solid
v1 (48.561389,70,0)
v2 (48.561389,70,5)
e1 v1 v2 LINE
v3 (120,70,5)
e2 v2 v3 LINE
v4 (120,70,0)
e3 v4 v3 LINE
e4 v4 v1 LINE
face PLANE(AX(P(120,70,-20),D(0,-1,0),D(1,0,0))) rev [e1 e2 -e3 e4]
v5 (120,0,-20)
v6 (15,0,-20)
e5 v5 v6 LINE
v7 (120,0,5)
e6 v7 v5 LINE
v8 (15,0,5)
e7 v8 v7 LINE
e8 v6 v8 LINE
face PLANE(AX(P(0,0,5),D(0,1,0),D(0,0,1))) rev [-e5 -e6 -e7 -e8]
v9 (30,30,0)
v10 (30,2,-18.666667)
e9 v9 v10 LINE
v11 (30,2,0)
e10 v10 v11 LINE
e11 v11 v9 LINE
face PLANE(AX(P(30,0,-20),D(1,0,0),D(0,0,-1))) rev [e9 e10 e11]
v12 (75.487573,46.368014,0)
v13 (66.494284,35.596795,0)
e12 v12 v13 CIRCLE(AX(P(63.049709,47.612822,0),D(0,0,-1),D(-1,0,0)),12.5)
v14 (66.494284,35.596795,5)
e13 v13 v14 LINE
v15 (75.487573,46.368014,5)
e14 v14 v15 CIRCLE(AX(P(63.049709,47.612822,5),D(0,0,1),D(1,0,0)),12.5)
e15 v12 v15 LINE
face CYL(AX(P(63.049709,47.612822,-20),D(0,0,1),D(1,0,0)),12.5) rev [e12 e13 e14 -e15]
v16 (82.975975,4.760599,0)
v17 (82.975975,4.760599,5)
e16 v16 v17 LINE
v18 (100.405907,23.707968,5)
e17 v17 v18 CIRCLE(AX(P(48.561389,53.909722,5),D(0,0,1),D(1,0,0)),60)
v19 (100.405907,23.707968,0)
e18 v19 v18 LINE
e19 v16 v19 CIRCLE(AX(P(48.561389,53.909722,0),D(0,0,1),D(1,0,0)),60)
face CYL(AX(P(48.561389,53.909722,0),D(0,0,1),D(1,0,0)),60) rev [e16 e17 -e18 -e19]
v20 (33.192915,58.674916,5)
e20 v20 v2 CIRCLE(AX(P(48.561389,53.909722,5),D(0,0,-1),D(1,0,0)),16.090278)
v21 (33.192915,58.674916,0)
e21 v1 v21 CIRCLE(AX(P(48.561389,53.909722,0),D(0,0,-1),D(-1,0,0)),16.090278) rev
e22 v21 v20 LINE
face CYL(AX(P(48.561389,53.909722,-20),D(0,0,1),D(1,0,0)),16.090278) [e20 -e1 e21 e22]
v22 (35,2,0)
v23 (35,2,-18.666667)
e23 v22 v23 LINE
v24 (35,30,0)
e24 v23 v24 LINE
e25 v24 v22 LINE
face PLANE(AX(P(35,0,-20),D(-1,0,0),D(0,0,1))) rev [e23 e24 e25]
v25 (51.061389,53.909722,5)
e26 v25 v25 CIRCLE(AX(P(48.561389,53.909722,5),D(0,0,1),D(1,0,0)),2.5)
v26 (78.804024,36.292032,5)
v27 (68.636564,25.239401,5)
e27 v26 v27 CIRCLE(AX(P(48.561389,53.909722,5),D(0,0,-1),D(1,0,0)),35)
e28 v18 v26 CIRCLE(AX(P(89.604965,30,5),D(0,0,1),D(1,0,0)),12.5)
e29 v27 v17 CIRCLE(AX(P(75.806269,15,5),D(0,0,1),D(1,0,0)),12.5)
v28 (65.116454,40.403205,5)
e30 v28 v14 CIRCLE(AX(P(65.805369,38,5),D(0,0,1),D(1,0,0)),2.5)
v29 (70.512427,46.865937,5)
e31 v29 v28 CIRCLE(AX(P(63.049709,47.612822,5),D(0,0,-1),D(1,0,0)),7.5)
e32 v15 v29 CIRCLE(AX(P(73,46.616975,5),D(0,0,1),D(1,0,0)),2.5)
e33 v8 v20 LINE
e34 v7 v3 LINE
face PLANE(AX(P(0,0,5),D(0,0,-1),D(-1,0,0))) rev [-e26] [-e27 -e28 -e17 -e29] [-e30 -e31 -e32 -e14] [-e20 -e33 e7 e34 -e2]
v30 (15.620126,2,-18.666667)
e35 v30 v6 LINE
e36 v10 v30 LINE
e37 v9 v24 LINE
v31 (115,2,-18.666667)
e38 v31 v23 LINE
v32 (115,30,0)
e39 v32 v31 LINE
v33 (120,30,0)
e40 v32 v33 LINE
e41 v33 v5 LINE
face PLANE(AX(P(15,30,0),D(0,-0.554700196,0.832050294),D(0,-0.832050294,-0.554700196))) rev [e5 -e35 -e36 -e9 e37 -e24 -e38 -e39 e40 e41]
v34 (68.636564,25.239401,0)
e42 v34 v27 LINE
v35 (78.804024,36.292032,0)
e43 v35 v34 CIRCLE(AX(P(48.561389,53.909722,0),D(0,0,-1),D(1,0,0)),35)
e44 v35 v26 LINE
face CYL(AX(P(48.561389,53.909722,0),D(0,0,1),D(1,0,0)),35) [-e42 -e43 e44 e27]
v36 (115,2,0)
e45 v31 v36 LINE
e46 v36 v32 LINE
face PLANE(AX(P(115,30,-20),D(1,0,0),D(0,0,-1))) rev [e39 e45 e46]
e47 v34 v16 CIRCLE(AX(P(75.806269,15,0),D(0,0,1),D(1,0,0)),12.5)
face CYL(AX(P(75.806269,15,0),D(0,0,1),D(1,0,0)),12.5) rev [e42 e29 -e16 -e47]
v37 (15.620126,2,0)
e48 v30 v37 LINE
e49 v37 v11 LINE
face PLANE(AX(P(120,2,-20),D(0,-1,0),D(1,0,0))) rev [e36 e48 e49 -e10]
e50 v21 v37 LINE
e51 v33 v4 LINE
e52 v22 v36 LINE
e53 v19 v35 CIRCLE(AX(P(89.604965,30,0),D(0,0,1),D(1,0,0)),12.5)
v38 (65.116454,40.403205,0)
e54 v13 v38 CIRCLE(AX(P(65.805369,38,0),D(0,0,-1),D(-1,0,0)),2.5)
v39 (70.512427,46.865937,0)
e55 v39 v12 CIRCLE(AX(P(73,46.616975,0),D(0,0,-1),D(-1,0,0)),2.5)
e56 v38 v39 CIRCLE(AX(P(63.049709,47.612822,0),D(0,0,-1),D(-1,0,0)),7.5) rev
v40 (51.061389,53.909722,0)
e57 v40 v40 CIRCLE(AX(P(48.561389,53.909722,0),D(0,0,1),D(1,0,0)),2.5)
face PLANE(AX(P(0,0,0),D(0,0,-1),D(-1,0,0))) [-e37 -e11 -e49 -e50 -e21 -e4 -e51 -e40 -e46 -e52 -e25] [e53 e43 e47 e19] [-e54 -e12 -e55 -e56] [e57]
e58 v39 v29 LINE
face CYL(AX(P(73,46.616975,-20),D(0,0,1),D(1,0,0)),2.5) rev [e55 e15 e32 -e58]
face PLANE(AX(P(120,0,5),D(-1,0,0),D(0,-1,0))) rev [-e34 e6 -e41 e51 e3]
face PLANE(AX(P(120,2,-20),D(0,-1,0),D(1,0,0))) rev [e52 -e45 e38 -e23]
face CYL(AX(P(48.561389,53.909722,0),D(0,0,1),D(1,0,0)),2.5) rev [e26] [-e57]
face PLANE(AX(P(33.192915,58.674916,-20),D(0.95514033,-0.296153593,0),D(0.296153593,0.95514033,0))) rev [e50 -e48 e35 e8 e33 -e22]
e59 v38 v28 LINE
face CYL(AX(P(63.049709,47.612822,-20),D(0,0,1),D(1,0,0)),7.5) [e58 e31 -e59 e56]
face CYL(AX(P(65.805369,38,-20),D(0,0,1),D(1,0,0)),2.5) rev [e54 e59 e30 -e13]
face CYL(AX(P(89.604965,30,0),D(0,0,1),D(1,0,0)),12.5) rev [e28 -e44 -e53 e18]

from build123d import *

# Parameters (mm, degrees)
SKETCH1_W           = 120
SKETCH1_H           = 100
BOSS_EXTRUDE1_DEPTH = 5
SKETCH2_R           = 2.5
CUT_EXTRUDE1_DEPTH  = 6
SKETCH3_W           = 120
SKETCH3_H           = 2
BOSS_EXTRUDE2_DEPTH = 20
CUT_EXTRUDE2_DEPTH  = 26
CUT_EXTRUDE3_DEPTH  = 26
SKETCH6_W           = 5
SKETCH6_H           = 30
BOSS_EXTRUDE3_DEPTH = 20
CUT_EXTRUDE4_DEPTH  = 106


with BuildPart() as part:
    # Sketch1 → Boss-Extrude1 (new body)
    with BuildSketch(Plane.XY):
        with Locations((60, 50)):
            Rectangle(SKETCH1_W, SKETCH1_H)
    extrude(amount=BOSS_EXTRUDE1_DEPTH)

    # Sketch2 → Cut-Extrude1 (cut, through all)
    with BuildSketch(Plane.XY.offset(5)):
        with Locations((48.561388608, 53.909722104)):
            Circle(SKETCH2_R)
        with BuildLine():
            ThreePointArc((82.975974789, 4.760599446), (92.719162031, 13.288409394), (100.405906554, 23.707967867))
            ThreePointArc((100.405906554, 23.707967867), (95.896997447, 40.800941239), (78.804024076, 36.292032133))
            ThreePointArc((78.804024076, 36.292032133), (74.320089771, 30.213956356), (68.63656388, 25.239400554))
            ThreePointArc((68.63656388, 25.239400554), (65.566868781, 7.830294546), (82.975974789, 4.760599446))
        make_face()
    extrude(amount=-CUT_EXTRUDE1_DEPTH, mode=Mode.SUBTRACT)

    # Sketch3 → Boss-Extrude2 (add)
    with BuildSketch(Plane(origin=(0, 0, 0), x_dir=(-1, 0, 0), z_dir=(0, 0, -1))):
        with Locations((-60, 1)):
            Rectangle(SKETCH3_W, SKETCH3_H)
    extrude(amount=BOSS_EXTRUDE2_DEPTH)

    # Sketch4 → Cut-Extrude2 (cut, through all)
    with BuildSketch(Plane.XY.offset(5)):
        with BuildLine():
            ThreePointArc((66.494283868, 35.596794606), (72.644903394, 39.60143936), (75.487572744, 46.368013909))
            ThreePointArc((75.487572744, 46.368013909), (73.248961533, 49.104548186), (70.512427256, 46.865936976))
            ThreePointArc((70.512427256, 46.865936976), (68.806825647, 42.805992246), (65.116453931, 40.403205394))
            ThreePointArc((65.116453931, 40.403205394), (63.402163505, 37.311085032), (66.494283868, 35.596794606))
        make_face()
    extrude(amount=-CUT_EXTRUDE2_DEPTH, mode=Mode.SUBTRACT)

    # Sketch5 → Cut-Extrude3 (cut, through all)
    with BuildSketch(Plane.XY.offset(5)):
        with BuildLine():
            Line((120, 70), (48.561388608, 70))
            ThreePointArc((48.561388608, 70), (39.016134462, 66.862913451), (33.192915272, 58.674915711))
            Line((33.192915272, 58.674915711), (15, 0))
            Line((15, 0), (0, 0))
            Line((0, 0), (0, 100))
            Line((0, 100), (120, 100))
            Line((120, 100), (120, 70))
        make_face()
    extrude(amount=-CUT_EXTRUDE3_DEPTH, mode=Mode.SUBTRACT)

    # Sketch6 → Boss-Extrude3 (add, through all)
    with BuildSketch(Plane(origin=(0, 0, 0), x_dir=(-1, 0, 0), z_dir=(0, 0, -1))):
        with Locations((-117.5, 15)):
            Rectangle(SKETCH6_W, SKETCH6_H)
        with Locations((-32.5, 15)):
            Rectangle(SKETCH6_W, SKETCH6_H)
    extrude(amount=BOSS_EXTRUDE3_DEPTH)

    # Sketch9 → Cut-Extrude4 (cut, through all)
    with BuildSketch(Plane(origin=(120, 0, 0), x_dir=(0, 0, -1), z_dir=(1, 0, 0))):
        Polygon((0, 30), (20, 0), (20, 30), align=None)
    extrude(amount=-CUT_EXTRUDE4_DEPTH, mode=Mode.SUBTRACT)


solid = part.part
